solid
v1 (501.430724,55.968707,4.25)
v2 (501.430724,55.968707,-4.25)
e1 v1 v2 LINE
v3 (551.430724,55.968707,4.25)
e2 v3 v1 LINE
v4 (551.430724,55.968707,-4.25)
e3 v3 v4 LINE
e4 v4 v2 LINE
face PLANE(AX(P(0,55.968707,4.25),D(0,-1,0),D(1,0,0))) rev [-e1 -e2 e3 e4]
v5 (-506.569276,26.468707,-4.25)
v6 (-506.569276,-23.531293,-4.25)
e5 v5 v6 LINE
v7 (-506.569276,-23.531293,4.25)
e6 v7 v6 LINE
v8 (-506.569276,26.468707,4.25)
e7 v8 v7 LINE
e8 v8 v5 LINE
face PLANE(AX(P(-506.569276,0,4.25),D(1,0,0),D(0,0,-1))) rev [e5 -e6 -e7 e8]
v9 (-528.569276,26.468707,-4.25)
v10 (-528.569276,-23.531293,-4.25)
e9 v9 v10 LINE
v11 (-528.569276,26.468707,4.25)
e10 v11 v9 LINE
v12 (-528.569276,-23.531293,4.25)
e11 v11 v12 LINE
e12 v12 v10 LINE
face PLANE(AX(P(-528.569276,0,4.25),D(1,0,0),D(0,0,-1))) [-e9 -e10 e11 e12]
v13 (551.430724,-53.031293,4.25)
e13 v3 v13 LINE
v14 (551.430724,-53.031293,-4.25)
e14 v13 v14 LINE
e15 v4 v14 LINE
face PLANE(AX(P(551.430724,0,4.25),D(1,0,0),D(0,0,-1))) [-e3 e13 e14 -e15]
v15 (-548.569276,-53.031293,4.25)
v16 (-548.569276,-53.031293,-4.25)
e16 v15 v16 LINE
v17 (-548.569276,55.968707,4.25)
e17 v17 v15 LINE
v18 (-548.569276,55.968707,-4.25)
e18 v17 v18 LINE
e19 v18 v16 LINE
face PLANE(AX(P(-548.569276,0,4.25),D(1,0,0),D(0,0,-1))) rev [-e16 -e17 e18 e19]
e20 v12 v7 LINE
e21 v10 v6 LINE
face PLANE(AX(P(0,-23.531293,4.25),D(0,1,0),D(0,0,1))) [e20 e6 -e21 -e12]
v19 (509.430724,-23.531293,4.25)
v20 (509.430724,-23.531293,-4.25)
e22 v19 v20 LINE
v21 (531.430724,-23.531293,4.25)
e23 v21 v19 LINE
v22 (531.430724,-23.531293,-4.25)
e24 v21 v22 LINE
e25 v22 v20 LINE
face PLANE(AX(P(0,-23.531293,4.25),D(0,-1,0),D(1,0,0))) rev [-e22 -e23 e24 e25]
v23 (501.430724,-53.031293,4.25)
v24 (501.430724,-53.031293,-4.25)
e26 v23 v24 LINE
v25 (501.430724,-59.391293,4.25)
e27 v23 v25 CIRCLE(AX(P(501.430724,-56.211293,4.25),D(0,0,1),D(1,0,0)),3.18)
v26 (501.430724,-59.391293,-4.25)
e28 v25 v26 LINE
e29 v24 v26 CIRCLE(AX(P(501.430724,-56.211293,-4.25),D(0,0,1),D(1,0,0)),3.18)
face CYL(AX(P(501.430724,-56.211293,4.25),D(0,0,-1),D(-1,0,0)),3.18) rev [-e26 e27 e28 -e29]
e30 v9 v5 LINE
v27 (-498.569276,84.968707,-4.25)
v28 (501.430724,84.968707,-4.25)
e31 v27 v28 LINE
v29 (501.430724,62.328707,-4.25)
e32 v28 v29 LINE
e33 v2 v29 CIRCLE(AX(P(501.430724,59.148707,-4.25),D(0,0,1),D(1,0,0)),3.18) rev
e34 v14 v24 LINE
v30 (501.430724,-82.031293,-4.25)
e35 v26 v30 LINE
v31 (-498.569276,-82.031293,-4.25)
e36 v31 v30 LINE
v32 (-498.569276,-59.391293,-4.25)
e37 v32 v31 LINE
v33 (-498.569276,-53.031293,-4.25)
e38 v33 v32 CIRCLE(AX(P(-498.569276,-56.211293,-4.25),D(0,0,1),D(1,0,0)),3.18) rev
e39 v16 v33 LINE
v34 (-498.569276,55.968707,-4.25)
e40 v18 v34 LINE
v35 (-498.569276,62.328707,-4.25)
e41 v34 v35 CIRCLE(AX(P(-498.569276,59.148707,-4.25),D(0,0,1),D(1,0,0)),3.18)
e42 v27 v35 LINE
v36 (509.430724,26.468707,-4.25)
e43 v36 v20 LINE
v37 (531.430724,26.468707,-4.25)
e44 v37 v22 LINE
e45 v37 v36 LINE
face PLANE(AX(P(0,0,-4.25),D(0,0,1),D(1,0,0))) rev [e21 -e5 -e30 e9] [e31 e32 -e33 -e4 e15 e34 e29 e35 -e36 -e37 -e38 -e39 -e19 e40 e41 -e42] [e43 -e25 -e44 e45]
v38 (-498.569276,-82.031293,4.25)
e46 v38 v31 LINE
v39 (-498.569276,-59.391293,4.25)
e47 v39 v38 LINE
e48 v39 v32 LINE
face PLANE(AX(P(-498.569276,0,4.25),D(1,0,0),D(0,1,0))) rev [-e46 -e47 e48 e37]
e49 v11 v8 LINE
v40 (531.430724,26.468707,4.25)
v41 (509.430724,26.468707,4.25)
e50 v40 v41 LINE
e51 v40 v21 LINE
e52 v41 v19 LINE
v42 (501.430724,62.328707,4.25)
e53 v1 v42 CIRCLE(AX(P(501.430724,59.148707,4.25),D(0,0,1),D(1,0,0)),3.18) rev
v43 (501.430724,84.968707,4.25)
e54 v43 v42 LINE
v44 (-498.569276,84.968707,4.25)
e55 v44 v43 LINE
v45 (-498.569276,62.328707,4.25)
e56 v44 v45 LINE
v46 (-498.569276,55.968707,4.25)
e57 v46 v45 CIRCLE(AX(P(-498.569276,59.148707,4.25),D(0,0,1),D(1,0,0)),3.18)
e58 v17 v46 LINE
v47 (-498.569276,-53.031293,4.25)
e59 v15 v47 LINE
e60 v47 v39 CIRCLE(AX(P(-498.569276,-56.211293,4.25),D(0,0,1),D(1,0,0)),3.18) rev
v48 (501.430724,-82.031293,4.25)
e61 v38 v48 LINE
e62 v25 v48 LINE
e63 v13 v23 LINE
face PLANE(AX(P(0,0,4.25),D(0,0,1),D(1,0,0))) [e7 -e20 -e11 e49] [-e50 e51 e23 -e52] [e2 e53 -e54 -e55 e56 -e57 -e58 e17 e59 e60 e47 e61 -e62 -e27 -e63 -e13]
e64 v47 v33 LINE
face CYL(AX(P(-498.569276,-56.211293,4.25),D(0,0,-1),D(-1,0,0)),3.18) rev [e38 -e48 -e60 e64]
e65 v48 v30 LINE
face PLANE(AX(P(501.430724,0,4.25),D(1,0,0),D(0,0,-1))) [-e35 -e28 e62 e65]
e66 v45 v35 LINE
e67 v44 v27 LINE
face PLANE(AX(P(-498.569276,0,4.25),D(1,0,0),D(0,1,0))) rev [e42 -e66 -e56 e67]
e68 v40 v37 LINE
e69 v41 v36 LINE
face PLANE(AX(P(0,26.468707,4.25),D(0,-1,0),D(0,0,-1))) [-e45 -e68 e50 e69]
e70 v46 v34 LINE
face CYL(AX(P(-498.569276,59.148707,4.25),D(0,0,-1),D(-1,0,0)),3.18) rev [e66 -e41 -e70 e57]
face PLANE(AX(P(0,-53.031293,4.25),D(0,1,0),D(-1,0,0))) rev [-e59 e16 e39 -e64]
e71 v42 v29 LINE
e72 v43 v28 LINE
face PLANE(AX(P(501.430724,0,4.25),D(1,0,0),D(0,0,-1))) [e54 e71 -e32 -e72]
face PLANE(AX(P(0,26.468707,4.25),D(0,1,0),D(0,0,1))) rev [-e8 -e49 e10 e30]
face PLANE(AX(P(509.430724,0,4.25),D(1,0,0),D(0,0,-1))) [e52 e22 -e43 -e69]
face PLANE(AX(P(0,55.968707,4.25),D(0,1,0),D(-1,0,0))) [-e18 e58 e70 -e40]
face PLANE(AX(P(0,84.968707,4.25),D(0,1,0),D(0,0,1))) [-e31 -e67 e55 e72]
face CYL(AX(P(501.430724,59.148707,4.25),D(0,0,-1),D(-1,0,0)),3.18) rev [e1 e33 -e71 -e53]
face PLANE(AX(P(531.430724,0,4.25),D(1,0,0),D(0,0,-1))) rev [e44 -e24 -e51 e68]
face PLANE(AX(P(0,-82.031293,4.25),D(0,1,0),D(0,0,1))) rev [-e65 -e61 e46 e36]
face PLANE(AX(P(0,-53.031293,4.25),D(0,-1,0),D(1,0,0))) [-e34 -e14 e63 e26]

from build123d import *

# Parameters (mm, degrees)
SKETCH1_W           = 22
SKETCH1_H           = 50
BOSS_EXTRUDE1_DEPTH = 4.25


with BuildPart() as part:
    # Sketch1 → Boss-Extrude1 (new body, symmetric)
    with BuildSketch(Plane.XY):
        with BuildLine():
            Line((-498.569276331, 84.968707483), (501.430723669, 84.968707483))
            Line((501.430723669, 84.968707483), (501.430723669, 62.328707483))
            ThreePointArc((501.430723669, 62.328707483), (498.250723669, 59.148707483), (501.430723669, 55.968707483))
            Line((501.430723669, 55.968707483), (551.430723669, 55.968707483))
            Line((551.430723669, 55.968707483), (551.430723669, -53.031292517))
            Line((551.430723669, -53.031292517), (501.430723669, -53.031292517))
            ThreePointArc((501.430723669, -53.031292517), (498.250723669, -56.211292517), (501.430723669, -59.391292517))
            Line((501.430723669, -59.391292517), (501.430723669, -82.031292517))
            Line((501.430723669, -82.031292517), (-498.569276331, -82.031292517))
            Line((-498.569276331, -82.031292517), (-498.569276331, -59.391292517))
            ThreePointArc((-498.569276331, -59.391292517), (-495.389276331, -56.211292517), (-498.569276331, -53.031292517))
            Line((-498.569276331, -53.031292517), (-548.569276331, -53.031292517))
            Line((-548.569276331, -53.031292517), (-548.569276331, 55.968707483))
            Line((-548.569276331, 55.968707483), (-498.569276331, 55.968707483))
            ThreePointArc((-498.569276331, 55.968707483), (-495.389276331, 59.148707483), (-498.569276331, 62.328707483))
            Line((-498.569276331, 62.328707483), (-498.569276331, 84.968707483))
        make_face()
        with Locations((520.430723669, 1.468707483)):
            Rectangle(SKETCH1_W, SKETCH1_H, mode=Mode.SUBTRACT)
        with Locations((-517.569276331, 1.468707483)):
            Rectangle(SKETCH1_W, SKETCH1_H, mode=Mode.SUBTRACT)
    extrude(amount=BOSS_EXTRUDE1_DEPTH, both=True)


solid = part.part
